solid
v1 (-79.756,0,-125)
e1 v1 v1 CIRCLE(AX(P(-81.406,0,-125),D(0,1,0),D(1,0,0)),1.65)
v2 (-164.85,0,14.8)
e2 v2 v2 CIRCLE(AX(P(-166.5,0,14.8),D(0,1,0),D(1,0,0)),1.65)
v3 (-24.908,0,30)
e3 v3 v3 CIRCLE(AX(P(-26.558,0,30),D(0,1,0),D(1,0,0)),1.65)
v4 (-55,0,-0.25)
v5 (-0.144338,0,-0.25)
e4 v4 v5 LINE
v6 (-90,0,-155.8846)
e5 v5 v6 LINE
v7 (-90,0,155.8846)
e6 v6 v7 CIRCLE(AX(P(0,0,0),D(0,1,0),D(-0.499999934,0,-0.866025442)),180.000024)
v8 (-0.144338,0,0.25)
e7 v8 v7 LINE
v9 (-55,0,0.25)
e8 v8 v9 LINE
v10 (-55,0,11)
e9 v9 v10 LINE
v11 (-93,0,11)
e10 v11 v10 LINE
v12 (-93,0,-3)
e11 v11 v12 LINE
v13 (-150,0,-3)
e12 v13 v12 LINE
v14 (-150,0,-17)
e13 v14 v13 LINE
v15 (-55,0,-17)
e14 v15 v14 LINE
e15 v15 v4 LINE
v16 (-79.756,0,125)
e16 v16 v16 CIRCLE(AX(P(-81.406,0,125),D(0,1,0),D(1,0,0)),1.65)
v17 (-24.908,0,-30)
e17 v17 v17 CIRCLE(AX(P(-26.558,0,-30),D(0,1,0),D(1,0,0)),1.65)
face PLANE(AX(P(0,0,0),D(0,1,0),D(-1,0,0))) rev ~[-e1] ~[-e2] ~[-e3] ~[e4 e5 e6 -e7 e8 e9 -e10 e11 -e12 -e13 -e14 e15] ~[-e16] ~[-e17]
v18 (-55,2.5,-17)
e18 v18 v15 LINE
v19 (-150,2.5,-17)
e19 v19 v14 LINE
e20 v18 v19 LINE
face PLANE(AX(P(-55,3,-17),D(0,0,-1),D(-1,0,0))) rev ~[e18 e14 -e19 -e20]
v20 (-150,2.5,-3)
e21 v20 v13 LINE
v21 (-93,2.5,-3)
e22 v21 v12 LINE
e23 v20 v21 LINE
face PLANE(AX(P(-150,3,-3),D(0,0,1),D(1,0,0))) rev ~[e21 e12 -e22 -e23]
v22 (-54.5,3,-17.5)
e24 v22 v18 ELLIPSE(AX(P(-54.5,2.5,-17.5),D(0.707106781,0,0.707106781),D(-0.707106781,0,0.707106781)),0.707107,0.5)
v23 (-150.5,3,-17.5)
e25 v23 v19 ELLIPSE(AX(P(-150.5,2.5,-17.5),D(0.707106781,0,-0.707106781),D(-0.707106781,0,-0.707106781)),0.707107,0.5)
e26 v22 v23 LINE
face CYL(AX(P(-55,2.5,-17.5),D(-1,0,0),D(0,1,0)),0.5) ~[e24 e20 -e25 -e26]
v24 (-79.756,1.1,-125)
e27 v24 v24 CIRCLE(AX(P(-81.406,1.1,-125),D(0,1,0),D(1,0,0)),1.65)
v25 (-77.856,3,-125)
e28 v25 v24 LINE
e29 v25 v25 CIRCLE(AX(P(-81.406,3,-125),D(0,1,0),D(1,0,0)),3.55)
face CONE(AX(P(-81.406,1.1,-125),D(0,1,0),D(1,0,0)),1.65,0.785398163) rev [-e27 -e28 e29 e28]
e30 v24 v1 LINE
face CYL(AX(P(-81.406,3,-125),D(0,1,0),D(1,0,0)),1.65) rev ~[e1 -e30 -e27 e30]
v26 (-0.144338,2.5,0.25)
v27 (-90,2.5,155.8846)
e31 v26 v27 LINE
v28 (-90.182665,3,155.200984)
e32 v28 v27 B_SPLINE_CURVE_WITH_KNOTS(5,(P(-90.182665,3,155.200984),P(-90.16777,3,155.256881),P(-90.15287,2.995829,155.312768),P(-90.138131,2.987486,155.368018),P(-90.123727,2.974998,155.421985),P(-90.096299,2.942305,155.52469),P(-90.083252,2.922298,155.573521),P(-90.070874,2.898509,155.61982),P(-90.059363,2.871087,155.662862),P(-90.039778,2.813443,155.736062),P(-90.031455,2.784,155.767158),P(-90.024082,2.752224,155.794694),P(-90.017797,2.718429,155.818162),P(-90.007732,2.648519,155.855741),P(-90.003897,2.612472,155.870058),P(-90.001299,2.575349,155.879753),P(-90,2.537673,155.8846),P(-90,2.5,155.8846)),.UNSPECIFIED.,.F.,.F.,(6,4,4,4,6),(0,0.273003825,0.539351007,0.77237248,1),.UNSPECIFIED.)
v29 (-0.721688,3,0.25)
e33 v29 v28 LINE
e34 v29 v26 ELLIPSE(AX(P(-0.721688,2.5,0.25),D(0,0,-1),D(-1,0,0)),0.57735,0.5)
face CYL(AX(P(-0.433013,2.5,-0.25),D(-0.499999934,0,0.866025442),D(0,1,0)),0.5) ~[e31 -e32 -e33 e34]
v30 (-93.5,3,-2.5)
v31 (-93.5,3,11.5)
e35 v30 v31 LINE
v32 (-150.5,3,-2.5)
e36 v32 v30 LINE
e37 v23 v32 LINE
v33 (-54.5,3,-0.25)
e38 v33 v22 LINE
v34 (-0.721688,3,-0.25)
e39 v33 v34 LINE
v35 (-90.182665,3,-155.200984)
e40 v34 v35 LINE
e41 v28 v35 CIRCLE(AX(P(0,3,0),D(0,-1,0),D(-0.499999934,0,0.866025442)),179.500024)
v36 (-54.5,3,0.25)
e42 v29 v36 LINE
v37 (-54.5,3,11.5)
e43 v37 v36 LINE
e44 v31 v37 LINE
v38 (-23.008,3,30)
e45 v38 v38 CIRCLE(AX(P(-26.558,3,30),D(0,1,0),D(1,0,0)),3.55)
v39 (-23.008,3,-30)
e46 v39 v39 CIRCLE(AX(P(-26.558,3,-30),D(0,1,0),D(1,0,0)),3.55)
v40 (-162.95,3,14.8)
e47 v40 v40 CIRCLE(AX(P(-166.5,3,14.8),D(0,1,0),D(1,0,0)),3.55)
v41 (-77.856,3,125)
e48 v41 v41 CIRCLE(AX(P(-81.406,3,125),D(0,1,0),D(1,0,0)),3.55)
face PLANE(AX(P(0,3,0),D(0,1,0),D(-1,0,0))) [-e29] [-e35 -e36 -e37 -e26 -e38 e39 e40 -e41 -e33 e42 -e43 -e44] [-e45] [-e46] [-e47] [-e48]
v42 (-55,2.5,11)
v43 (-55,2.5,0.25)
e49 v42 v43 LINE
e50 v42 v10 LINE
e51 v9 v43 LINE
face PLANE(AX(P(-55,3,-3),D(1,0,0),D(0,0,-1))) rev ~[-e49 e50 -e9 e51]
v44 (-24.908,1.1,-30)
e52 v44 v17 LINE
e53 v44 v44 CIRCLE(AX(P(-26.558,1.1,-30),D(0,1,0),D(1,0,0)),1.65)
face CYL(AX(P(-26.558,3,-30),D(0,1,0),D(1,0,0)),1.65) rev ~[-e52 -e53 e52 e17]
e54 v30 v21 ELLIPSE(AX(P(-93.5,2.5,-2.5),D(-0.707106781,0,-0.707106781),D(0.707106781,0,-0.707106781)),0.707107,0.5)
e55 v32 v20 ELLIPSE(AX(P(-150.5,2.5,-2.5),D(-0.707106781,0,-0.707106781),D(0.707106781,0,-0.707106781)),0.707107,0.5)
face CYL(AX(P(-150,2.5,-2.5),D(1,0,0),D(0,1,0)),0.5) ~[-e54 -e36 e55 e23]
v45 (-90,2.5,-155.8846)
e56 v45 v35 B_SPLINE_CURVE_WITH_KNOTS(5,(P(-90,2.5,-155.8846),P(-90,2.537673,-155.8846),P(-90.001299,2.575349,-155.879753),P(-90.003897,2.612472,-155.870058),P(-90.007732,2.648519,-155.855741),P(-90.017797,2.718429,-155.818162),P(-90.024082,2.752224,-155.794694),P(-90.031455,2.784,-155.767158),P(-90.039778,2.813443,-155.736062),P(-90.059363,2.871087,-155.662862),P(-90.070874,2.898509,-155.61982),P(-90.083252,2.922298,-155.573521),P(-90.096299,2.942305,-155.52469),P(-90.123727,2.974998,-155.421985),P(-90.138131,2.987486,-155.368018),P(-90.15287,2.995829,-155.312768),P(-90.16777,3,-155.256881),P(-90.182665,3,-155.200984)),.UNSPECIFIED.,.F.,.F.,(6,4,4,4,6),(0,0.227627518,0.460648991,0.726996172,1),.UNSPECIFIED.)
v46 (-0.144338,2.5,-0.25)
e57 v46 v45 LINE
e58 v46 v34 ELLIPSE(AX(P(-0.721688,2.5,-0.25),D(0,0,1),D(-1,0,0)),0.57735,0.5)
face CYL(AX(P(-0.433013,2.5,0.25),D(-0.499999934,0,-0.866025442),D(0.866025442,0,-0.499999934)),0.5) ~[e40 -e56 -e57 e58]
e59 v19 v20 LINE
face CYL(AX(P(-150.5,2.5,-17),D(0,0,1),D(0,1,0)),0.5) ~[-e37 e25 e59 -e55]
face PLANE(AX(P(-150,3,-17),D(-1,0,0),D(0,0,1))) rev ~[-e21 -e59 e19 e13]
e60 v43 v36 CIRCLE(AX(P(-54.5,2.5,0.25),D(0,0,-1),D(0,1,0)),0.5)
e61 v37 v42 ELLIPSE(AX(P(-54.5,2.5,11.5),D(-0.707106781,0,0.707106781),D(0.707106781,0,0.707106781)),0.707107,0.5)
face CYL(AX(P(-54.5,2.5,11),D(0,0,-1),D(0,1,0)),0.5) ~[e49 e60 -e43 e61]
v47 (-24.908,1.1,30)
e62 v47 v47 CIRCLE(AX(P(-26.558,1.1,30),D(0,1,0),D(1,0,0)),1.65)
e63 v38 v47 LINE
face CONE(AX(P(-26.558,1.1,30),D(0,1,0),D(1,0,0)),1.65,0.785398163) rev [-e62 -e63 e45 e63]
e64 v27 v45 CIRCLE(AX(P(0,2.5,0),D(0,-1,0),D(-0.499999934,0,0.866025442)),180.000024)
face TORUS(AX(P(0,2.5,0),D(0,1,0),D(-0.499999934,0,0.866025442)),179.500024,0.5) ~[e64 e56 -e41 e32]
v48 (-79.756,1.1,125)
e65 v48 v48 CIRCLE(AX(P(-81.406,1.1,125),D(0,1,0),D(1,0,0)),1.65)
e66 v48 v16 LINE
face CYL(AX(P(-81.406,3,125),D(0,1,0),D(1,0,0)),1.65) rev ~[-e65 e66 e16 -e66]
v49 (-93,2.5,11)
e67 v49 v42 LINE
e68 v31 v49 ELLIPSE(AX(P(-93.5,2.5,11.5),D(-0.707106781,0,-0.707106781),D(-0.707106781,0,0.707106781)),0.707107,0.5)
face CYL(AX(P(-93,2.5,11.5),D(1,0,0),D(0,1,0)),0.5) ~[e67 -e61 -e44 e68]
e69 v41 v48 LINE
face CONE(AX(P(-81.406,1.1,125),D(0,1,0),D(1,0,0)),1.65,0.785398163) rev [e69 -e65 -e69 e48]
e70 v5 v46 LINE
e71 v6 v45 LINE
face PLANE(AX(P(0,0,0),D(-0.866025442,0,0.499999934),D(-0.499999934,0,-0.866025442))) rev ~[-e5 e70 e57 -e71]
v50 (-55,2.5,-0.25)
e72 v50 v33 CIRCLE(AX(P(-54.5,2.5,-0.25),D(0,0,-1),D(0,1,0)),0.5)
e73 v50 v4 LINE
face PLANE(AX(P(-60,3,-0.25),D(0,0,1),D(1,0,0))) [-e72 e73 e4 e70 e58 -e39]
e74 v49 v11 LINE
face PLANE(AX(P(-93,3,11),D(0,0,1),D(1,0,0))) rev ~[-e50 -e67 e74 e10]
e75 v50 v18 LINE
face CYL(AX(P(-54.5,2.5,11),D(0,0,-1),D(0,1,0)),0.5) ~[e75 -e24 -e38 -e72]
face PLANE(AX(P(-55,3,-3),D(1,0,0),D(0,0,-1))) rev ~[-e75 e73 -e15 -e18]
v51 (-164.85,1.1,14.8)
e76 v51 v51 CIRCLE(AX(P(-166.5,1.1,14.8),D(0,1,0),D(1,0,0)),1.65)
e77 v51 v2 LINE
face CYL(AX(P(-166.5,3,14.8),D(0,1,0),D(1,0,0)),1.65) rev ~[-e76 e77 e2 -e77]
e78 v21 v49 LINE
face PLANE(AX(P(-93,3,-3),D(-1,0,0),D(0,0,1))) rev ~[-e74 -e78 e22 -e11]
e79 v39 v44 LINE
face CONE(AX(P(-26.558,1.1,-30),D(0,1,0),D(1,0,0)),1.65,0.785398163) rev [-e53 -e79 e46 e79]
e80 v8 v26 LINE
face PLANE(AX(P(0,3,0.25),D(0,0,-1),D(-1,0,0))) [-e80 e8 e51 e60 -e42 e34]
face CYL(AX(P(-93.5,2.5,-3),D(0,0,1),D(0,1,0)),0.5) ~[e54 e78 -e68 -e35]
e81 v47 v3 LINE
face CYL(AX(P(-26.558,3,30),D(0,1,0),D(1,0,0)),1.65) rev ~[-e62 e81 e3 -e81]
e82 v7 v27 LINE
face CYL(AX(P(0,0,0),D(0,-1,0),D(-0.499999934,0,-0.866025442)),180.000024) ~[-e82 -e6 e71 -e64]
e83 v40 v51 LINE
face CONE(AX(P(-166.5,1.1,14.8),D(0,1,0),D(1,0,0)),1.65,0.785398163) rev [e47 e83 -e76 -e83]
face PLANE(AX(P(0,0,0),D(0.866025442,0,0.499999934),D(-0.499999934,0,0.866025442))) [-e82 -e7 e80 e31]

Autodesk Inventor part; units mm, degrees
ref_plane "YZ Plane" through (0, 0, 0) normal (1, 0, 0) x (0, 1, 0)
ref_plane "XZ Plane" through (0, 0, 0) normal (0, 1, 0) x (-1, 0, 0)
ref_plane "XY Plane" through (0, 0, 0) normal (0, 0, 1) x (1, 0, 0)
sketch "Skizze1" plane through (0, 0, 0) normal (0, 1, 0) x (-1, 0, 0)
  line L0 (0, 0) -> (90, 155.8846)
  line L1 (0, 0) -> (90, -155.8846)
  arc A0 (90, -155.8846) -> (90, 155.8846) centre (0, 0) ccw
  line L2 (216, 0) -> (-36, 0) projected
  dimension "d0" = 360
  dimension "d1" = 120
  dimension "d2" = 60
extrude "Extrusion1" add sketch "Skizze1" along normal blind 3
fillet "Rundung1" radius 0.5 3 edges at (-45, 3, 77.9423) (-180, 3, 0) (-45, 3, -77.9423)
sketch "Skizze2" plane through (0, 3, 0) normal (0, 1, 0) x (1, 0, 0)
  line L0 (-150, 3) -> (-93, 3)
  line L1 (-55, 3) -> (-55, 17)
  line L2 (-55, 17) -> (-150, 17)
  line L3 (-150, 17) -> (-150, 3)
  line L4 (-227.898, 0) -> (107.3877, 0) projected
  line L5 (-93, 3) -> (-93, -11)
  line L6 (-93, -11) -> (-55, -11)
  line L7 (-55, -11) -> (-55, 3)
  point P0 (0, 0)
  point P1 (-55, 10)
  point P2 (-150, 10)
  dimension "d6" = 14
  dimension "d7" = 95
  dimension "d8" = 17
  dimension "d10" = 150
  dimension "d13" = 38
  dimension "d14" = 14
extrude "Extrusion2" cut sketch "Skizze2" against normal blind 3
fillet "Rundung2" radius 0.5 6 edges at (-102.5, 3, -17) (-121.5, 3, -3) (-150, 3, -10) (-93, 3, 4) (-74, 3, 11) (-55, 3, -3)
sketch "Skizze3" plane through (0, 3, 0) normal (0, 1, 0) x (1, 0, 0)
  line L0 (0, -0.25) -> (-60, -0.25)
  line L1 (-60, -0.25) -> (-60, 0.25)
  line L2 (-60, 0.25) -> (0, 0.25)
  line L3 (0, 0.25) -> (0, -0.25)
  line L4 (-216, 0) -> (36, 0) projected
  point P0 (0, 0)
  point P1 (0, 0)
  dimension "d16" = 0.5
  dimension "d17" = 0.25
  dimension "d18" = 60
  dimension "d19" = 0
extrude "Extrusion3" cut sketch "Skizze3" against normal blind 3
sketch "Skizze4" plane through (0, 3, 0) normal (0, 1, 0) x (1, 0, 0)
  circle A0 centre (-81.406, -125) radius 1.65
  circle A1 centre (-26.558, -30) radius 1.65
  circle A2 centre (-166.5, -14.8) radius 1.65
  circle A3 centre (-81.406, 125) radius 1.65
  circle A4 centre (-26.558, 30) radius 1.65
  point P0 (0, 0)
  dimension "d26" = 26.558
  dimension "d27" = 26.558
  dimension "d28" = 3.3
  dimension "d29" = 81.406
  dimension "d30" = 81.406
  dimension "d31" = 14.8
  dimension "d32" = 166.5
  dimension "d33" = 125
  dimension "d34" = 30
  dimension "d35" = 30
  dimension "d36" = 125
extrude "Extrusion4" cut sketch "Skizze4" against normal blind 3
chamfer "Fasen1" distance 1.9 angle 45 5 edges at (-83.056, 3, -125) (-28.208, 3, -30) (-28.208, 3, 30) (-83.056, 3, 125) (-168.15, 3, 14.8)
properties part number "cover"
